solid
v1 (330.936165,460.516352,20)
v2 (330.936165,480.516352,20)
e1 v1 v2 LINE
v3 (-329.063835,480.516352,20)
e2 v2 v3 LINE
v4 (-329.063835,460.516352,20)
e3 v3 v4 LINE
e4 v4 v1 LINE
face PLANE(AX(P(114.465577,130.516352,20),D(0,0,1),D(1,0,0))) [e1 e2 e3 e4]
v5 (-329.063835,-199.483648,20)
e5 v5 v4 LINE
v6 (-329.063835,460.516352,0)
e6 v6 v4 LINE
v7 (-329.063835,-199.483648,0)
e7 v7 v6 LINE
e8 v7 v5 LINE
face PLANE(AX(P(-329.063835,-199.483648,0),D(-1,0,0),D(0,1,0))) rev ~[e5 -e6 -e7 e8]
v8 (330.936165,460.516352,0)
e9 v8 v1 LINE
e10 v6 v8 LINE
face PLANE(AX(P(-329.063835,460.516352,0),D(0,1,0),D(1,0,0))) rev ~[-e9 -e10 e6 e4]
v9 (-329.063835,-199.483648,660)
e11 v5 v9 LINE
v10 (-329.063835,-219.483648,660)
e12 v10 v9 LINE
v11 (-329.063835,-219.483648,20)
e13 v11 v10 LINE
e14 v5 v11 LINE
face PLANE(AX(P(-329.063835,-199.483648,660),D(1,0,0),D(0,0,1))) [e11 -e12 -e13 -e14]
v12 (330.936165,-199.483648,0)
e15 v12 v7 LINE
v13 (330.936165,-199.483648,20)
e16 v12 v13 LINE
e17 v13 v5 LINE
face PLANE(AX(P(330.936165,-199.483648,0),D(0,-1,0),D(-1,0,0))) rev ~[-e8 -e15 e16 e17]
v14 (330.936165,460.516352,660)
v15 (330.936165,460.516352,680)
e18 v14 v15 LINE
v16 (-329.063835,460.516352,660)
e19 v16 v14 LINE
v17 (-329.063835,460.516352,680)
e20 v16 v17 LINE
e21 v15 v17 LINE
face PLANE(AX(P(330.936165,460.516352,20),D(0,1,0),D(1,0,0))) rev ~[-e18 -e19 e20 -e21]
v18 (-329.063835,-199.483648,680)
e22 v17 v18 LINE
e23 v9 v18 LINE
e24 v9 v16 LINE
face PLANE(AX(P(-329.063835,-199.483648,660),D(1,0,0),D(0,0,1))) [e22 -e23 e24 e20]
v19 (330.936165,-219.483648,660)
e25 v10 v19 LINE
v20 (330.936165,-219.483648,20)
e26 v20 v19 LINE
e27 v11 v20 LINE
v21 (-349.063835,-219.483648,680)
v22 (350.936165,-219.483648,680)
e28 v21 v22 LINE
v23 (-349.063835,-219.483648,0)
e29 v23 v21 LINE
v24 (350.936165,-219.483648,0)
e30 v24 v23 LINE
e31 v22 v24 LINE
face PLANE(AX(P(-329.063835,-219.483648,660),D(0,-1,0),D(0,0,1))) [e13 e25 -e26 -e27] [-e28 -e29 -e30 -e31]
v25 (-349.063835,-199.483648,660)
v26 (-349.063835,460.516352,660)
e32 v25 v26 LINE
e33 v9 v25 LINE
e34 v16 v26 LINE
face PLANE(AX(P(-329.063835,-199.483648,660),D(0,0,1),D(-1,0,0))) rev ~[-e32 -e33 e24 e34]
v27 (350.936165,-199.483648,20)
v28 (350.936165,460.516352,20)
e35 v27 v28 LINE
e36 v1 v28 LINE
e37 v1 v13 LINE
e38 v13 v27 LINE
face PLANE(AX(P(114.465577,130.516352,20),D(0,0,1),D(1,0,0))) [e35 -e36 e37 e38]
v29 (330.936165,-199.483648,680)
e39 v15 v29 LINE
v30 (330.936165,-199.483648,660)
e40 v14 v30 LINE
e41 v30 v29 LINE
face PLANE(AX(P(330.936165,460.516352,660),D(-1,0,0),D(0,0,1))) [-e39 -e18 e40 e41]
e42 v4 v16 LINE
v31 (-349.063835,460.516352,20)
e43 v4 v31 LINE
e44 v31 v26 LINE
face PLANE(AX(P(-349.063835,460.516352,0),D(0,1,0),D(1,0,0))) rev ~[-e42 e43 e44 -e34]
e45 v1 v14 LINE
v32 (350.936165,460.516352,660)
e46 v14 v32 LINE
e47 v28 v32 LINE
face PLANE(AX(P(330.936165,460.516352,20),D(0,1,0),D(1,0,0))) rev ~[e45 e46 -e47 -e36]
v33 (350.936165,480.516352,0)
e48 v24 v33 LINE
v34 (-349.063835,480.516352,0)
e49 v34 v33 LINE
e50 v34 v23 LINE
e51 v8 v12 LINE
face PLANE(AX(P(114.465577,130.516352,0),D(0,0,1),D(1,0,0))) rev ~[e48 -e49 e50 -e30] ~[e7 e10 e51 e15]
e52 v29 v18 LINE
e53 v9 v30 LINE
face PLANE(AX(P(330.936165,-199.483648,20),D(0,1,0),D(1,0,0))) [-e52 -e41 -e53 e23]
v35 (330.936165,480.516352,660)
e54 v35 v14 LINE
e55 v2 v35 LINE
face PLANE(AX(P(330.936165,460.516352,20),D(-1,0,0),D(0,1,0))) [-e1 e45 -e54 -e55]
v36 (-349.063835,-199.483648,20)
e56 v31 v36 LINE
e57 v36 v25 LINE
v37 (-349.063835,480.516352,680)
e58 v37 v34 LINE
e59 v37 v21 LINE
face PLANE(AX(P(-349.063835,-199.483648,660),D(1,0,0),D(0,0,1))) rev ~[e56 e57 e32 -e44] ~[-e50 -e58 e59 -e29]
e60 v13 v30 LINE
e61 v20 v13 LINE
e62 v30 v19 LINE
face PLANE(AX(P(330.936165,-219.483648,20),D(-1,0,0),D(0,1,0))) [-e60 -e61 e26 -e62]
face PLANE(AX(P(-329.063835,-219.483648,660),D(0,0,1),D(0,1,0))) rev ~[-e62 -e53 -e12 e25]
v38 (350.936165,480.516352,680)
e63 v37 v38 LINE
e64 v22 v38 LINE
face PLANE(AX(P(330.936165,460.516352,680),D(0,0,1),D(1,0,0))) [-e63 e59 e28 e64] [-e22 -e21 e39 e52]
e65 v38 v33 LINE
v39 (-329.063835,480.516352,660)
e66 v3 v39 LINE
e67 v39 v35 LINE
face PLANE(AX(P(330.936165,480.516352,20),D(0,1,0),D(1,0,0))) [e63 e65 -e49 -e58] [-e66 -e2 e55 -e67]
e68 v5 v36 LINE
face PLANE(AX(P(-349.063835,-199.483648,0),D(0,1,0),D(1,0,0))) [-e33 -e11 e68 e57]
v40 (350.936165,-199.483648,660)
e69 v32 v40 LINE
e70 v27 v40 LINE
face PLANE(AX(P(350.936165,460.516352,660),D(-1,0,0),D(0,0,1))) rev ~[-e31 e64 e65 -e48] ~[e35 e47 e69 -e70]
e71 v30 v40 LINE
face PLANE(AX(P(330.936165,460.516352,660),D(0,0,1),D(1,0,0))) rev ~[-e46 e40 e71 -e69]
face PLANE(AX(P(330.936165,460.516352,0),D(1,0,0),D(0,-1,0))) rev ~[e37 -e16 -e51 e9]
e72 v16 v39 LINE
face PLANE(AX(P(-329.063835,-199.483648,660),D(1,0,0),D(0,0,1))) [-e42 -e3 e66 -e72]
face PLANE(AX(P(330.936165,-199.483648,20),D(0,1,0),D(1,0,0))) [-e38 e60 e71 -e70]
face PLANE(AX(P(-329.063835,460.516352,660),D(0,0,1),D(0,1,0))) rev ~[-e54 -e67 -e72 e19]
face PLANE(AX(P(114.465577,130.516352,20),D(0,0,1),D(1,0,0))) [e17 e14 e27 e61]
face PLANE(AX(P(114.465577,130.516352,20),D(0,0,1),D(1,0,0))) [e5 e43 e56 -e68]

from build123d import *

# Parameters (mm, degrees)
F0_W      = 20
F0_H      = 660
F0_H_2    = 20
F1_DEPTH  = 20
F2_DEPTH  = 680
F3_W      = 20
F3_H      = 20
F4_DEPTH  = 660
F5_W      = 20
F5_H      = 20
F6_DEPTH  = 680
F7_W      = 20
F7_H      = 20
F8_DEPTH  = 660
F9_W      = 20
F9_H      = 20
F10_DEPTH = 660


with BuildPart() as f1:
    # F0 (on Top) → F1 (new body)
    with BuildSketch(Plane.XY):
        Polygon((350.936165, 480.516352), (-329.063835, 480.516352), (-329.063835, 460.516352), (330.936165, 460.516352), (330.936165, -199.483648), (-329.063835, -199.483648), (-329.063835, -219.483648), (350.936165, -219.483648), align=None)
        with Locations((-339.063835, 130.516352)):
            Rectangle(F0_W, F0_H)
        with Locations((-339.063835, 470.516352)):
            Rectangle(F0_W, F0_H_2)
        with Locations((-339.063835, -209.483648)):
            Rectangle(F0_W, F0_H_2)
    extrude(amount=F1_DEPTH)

    # F0 (on Top) → F2 (join)
    with BuildSketch(Plane.XY):
        with Locations((-339.063835, 470.516352)):
            Rectangle(F0_W, F0_H_2)
        with Locations((-339.063835, -209.483648)):
            Rectangle(F0_W, F0_H_2)
    extrude(amount=F2_DEPTH)

    # F3 (on face) → F4 (join)
    with BuildSketch(Plane(origin=(0, -199.483648, 0), x_dir=(-1, 0, 0), z_dir=(0, 1, 0))):
        with Locations((339.063835, 670)):
            Rectangle(F3_W, F3_H)
    extrude(amount=F4_DEPTH)

    # F5 (on face) → F6 (join)
    with BuildSketch(Plane.YZ.offset(-329.063835)):
        with Locations((-209.483648, 670)):
            Rectangle(F5_W, F5_H)
        with Locations((470.516352, 670)):
            Rectangle(F5_W, F5_H)
    extrude(amount=F6_DEPTH)

    # F7 (on face) → F8 (join)
    with BuildSketch(Plane.XY.offset(20)):
        with Locations((340.936165, 470.516352)):
            Rectangle(F7_W, F7_H)
        with Locations((340.936165, -209.483648)):
            Rectangle(F7_W, F7_H)
    extrude(amount=F8_DEPTH)

    # F9 (on face) → F10 (join)
    with BuildSketch(Plane.XZ.offset(-460.516352)):
        with Locations((340.936165, 670)):
            Rectangle(F9_W, F9_H)
    extrude(amount=F10_DEPTH)


solid = f1.part
